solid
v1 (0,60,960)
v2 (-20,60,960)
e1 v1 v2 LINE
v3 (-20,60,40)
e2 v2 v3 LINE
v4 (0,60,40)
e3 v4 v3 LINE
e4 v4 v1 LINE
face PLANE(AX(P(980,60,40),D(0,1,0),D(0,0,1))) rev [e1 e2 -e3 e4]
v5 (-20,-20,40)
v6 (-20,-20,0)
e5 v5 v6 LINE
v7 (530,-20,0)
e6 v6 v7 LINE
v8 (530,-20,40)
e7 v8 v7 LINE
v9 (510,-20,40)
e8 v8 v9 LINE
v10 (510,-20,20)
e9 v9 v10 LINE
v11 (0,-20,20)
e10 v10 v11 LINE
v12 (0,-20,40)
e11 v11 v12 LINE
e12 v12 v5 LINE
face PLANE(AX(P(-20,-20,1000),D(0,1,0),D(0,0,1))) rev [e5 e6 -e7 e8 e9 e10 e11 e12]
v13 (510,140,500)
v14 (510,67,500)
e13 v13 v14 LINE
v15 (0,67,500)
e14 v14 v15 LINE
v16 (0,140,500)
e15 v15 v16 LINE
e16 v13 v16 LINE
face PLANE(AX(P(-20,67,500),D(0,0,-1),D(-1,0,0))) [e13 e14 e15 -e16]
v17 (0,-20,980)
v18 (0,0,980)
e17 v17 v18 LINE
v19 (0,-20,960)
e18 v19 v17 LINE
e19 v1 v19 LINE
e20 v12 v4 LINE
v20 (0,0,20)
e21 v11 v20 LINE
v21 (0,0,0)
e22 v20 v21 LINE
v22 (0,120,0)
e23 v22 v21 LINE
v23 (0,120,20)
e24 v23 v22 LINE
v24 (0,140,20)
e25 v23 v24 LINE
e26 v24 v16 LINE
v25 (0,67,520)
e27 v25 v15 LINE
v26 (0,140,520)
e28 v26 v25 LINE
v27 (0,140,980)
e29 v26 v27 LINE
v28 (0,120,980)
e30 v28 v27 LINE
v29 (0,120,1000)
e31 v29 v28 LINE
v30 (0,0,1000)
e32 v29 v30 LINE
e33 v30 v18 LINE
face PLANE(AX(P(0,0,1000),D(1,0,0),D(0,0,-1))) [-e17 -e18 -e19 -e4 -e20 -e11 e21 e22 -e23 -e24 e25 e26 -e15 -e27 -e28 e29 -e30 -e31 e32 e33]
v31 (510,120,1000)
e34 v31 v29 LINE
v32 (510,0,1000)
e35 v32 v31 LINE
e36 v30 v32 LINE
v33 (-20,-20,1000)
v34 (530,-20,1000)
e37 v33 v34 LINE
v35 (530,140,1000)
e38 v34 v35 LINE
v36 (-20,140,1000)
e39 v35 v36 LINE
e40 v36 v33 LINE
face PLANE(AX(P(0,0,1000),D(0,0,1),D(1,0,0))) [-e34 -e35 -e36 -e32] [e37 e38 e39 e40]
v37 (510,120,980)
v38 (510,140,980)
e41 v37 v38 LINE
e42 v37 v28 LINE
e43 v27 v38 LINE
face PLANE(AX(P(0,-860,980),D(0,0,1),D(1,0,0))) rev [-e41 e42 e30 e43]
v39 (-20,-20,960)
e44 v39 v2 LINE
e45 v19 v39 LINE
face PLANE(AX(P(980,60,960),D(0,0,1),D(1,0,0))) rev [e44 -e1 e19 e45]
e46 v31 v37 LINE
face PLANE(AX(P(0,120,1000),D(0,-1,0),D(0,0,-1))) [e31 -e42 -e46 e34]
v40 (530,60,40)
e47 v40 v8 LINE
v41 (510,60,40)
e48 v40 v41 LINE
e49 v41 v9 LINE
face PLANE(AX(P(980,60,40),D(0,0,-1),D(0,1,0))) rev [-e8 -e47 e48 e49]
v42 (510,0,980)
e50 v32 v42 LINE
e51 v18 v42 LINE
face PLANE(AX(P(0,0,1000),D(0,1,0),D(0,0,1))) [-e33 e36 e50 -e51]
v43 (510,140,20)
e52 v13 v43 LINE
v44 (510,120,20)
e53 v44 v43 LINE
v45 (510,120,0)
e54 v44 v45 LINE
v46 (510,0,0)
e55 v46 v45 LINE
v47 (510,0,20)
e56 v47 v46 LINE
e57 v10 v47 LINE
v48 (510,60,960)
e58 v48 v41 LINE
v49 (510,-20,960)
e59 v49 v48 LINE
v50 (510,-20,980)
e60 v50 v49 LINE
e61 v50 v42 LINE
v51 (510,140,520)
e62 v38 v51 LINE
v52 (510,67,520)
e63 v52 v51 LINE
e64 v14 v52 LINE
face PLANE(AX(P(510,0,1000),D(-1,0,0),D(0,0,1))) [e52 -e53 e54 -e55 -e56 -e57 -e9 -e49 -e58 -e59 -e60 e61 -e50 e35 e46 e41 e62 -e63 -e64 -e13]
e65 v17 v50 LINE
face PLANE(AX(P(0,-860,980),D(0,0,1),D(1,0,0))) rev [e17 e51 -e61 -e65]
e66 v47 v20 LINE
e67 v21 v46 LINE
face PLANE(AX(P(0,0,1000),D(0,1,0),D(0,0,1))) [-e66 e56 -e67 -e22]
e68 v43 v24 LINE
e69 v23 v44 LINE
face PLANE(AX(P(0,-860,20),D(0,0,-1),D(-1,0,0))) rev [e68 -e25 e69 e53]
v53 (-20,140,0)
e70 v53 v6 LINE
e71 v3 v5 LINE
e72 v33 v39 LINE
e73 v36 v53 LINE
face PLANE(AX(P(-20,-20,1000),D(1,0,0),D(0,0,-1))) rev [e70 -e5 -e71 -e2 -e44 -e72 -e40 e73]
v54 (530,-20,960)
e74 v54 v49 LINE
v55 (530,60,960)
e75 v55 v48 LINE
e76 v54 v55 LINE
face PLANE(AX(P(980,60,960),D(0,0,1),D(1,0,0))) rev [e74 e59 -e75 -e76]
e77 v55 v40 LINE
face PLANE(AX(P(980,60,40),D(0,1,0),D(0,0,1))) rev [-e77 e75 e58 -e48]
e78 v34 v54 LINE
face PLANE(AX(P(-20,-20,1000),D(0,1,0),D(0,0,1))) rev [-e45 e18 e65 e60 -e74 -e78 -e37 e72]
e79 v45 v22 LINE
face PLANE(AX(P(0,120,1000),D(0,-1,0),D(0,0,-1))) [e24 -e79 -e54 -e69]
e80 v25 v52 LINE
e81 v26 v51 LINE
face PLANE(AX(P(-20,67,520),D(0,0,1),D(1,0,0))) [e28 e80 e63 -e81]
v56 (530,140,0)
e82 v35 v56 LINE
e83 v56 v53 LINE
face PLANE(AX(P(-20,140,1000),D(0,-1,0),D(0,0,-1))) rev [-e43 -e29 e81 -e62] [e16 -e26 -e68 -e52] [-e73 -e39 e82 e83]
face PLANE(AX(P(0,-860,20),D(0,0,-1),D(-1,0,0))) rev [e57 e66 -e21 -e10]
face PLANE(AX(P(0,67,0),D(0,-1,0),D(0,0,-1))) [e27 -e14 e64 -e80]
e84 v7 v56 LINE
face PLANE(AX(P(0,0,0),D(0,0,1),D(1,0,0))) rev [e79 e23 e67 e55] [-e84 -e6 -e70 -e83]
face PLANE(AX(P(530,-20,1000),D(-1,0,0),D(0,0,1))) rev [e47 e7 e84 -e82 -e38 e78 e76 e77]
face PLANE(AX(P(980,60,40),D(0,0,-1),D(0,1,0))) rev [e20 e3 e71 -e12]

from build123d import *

# Parameters (mm, degrees)
SKETCH1_W           = 550
SKETCH1_H           = 160
SKETCH1_W_2         = 510
SKETCH1_H_2         = 120
BOSS_EXTRUDE1_DEPTH = 1000
SKETCH2_W           = 920
SKETCH2_H           = 80
CUT_EXTRUDE1_DEPTH  = 1000
SKETCH3_W           = 510
SKETCH3_H           = 960
CUT_EXTRUDE3_DEPTH  = 1000
SKETCH4_W           = 550
SKETCH4_H           = 20
BOSS_EXTRUDE2_DEPTH = 73


with BuildPart() as part:
    # Sketch1 → Boss-Extrude1 (new body)
    with BuildSketch(Plane.XY):
        with Locations((255, 60)):
            Rectangle(SKETCH1_W, SKETCH1_H)
        with Locations((255, 60)):
            Rectangle(SKETCH1_W_2, SKETCH1_H_2, mode=Mode.SUBTRACT)
    extrude(amount=BOSS_EXTRUDE1_DEPTH)

    # Sketch2 → Cut-Extrude1 (cut)
    with BuildSketch(Plane.ZY.offset(20)):
        with Locations((500, 20)):
            Rectangle(SKETCH2_W, SKETCH2_H)
    extrude(amount=-CUT_EXTRUDE1_DEPTH, mode=Mode.SUBTRACT)

    # Sketch3 → Cut-Extrude3 (cut)
    with BuildSketch(Plane(origin=(0, 140, 0), x_dir=(1, 0, 0), z_dir=(0, 1, 0))):
        with Locations((255, -500)):
            Rectangle(SKETCH3_W, SKETCH3_H)
    extrude(amount=-CUT_EXTRUDE3_DEPTH, mode=Mode.SUBTRACT)

    # Sketch4 → Boss-Extrude2 (add)
    with BuildSketch(Plane(origin=(0, 140, 0), x_dir=(1, 0, 0), z_dir=(0, 1, 0))):
        with Locations((255, -510)):
            Rectangle(SKETCH4_W, SKETCH4_H)
    extrude(amount=-BOSS_EXTRUDE2_DEPTH)


solid = part.part
